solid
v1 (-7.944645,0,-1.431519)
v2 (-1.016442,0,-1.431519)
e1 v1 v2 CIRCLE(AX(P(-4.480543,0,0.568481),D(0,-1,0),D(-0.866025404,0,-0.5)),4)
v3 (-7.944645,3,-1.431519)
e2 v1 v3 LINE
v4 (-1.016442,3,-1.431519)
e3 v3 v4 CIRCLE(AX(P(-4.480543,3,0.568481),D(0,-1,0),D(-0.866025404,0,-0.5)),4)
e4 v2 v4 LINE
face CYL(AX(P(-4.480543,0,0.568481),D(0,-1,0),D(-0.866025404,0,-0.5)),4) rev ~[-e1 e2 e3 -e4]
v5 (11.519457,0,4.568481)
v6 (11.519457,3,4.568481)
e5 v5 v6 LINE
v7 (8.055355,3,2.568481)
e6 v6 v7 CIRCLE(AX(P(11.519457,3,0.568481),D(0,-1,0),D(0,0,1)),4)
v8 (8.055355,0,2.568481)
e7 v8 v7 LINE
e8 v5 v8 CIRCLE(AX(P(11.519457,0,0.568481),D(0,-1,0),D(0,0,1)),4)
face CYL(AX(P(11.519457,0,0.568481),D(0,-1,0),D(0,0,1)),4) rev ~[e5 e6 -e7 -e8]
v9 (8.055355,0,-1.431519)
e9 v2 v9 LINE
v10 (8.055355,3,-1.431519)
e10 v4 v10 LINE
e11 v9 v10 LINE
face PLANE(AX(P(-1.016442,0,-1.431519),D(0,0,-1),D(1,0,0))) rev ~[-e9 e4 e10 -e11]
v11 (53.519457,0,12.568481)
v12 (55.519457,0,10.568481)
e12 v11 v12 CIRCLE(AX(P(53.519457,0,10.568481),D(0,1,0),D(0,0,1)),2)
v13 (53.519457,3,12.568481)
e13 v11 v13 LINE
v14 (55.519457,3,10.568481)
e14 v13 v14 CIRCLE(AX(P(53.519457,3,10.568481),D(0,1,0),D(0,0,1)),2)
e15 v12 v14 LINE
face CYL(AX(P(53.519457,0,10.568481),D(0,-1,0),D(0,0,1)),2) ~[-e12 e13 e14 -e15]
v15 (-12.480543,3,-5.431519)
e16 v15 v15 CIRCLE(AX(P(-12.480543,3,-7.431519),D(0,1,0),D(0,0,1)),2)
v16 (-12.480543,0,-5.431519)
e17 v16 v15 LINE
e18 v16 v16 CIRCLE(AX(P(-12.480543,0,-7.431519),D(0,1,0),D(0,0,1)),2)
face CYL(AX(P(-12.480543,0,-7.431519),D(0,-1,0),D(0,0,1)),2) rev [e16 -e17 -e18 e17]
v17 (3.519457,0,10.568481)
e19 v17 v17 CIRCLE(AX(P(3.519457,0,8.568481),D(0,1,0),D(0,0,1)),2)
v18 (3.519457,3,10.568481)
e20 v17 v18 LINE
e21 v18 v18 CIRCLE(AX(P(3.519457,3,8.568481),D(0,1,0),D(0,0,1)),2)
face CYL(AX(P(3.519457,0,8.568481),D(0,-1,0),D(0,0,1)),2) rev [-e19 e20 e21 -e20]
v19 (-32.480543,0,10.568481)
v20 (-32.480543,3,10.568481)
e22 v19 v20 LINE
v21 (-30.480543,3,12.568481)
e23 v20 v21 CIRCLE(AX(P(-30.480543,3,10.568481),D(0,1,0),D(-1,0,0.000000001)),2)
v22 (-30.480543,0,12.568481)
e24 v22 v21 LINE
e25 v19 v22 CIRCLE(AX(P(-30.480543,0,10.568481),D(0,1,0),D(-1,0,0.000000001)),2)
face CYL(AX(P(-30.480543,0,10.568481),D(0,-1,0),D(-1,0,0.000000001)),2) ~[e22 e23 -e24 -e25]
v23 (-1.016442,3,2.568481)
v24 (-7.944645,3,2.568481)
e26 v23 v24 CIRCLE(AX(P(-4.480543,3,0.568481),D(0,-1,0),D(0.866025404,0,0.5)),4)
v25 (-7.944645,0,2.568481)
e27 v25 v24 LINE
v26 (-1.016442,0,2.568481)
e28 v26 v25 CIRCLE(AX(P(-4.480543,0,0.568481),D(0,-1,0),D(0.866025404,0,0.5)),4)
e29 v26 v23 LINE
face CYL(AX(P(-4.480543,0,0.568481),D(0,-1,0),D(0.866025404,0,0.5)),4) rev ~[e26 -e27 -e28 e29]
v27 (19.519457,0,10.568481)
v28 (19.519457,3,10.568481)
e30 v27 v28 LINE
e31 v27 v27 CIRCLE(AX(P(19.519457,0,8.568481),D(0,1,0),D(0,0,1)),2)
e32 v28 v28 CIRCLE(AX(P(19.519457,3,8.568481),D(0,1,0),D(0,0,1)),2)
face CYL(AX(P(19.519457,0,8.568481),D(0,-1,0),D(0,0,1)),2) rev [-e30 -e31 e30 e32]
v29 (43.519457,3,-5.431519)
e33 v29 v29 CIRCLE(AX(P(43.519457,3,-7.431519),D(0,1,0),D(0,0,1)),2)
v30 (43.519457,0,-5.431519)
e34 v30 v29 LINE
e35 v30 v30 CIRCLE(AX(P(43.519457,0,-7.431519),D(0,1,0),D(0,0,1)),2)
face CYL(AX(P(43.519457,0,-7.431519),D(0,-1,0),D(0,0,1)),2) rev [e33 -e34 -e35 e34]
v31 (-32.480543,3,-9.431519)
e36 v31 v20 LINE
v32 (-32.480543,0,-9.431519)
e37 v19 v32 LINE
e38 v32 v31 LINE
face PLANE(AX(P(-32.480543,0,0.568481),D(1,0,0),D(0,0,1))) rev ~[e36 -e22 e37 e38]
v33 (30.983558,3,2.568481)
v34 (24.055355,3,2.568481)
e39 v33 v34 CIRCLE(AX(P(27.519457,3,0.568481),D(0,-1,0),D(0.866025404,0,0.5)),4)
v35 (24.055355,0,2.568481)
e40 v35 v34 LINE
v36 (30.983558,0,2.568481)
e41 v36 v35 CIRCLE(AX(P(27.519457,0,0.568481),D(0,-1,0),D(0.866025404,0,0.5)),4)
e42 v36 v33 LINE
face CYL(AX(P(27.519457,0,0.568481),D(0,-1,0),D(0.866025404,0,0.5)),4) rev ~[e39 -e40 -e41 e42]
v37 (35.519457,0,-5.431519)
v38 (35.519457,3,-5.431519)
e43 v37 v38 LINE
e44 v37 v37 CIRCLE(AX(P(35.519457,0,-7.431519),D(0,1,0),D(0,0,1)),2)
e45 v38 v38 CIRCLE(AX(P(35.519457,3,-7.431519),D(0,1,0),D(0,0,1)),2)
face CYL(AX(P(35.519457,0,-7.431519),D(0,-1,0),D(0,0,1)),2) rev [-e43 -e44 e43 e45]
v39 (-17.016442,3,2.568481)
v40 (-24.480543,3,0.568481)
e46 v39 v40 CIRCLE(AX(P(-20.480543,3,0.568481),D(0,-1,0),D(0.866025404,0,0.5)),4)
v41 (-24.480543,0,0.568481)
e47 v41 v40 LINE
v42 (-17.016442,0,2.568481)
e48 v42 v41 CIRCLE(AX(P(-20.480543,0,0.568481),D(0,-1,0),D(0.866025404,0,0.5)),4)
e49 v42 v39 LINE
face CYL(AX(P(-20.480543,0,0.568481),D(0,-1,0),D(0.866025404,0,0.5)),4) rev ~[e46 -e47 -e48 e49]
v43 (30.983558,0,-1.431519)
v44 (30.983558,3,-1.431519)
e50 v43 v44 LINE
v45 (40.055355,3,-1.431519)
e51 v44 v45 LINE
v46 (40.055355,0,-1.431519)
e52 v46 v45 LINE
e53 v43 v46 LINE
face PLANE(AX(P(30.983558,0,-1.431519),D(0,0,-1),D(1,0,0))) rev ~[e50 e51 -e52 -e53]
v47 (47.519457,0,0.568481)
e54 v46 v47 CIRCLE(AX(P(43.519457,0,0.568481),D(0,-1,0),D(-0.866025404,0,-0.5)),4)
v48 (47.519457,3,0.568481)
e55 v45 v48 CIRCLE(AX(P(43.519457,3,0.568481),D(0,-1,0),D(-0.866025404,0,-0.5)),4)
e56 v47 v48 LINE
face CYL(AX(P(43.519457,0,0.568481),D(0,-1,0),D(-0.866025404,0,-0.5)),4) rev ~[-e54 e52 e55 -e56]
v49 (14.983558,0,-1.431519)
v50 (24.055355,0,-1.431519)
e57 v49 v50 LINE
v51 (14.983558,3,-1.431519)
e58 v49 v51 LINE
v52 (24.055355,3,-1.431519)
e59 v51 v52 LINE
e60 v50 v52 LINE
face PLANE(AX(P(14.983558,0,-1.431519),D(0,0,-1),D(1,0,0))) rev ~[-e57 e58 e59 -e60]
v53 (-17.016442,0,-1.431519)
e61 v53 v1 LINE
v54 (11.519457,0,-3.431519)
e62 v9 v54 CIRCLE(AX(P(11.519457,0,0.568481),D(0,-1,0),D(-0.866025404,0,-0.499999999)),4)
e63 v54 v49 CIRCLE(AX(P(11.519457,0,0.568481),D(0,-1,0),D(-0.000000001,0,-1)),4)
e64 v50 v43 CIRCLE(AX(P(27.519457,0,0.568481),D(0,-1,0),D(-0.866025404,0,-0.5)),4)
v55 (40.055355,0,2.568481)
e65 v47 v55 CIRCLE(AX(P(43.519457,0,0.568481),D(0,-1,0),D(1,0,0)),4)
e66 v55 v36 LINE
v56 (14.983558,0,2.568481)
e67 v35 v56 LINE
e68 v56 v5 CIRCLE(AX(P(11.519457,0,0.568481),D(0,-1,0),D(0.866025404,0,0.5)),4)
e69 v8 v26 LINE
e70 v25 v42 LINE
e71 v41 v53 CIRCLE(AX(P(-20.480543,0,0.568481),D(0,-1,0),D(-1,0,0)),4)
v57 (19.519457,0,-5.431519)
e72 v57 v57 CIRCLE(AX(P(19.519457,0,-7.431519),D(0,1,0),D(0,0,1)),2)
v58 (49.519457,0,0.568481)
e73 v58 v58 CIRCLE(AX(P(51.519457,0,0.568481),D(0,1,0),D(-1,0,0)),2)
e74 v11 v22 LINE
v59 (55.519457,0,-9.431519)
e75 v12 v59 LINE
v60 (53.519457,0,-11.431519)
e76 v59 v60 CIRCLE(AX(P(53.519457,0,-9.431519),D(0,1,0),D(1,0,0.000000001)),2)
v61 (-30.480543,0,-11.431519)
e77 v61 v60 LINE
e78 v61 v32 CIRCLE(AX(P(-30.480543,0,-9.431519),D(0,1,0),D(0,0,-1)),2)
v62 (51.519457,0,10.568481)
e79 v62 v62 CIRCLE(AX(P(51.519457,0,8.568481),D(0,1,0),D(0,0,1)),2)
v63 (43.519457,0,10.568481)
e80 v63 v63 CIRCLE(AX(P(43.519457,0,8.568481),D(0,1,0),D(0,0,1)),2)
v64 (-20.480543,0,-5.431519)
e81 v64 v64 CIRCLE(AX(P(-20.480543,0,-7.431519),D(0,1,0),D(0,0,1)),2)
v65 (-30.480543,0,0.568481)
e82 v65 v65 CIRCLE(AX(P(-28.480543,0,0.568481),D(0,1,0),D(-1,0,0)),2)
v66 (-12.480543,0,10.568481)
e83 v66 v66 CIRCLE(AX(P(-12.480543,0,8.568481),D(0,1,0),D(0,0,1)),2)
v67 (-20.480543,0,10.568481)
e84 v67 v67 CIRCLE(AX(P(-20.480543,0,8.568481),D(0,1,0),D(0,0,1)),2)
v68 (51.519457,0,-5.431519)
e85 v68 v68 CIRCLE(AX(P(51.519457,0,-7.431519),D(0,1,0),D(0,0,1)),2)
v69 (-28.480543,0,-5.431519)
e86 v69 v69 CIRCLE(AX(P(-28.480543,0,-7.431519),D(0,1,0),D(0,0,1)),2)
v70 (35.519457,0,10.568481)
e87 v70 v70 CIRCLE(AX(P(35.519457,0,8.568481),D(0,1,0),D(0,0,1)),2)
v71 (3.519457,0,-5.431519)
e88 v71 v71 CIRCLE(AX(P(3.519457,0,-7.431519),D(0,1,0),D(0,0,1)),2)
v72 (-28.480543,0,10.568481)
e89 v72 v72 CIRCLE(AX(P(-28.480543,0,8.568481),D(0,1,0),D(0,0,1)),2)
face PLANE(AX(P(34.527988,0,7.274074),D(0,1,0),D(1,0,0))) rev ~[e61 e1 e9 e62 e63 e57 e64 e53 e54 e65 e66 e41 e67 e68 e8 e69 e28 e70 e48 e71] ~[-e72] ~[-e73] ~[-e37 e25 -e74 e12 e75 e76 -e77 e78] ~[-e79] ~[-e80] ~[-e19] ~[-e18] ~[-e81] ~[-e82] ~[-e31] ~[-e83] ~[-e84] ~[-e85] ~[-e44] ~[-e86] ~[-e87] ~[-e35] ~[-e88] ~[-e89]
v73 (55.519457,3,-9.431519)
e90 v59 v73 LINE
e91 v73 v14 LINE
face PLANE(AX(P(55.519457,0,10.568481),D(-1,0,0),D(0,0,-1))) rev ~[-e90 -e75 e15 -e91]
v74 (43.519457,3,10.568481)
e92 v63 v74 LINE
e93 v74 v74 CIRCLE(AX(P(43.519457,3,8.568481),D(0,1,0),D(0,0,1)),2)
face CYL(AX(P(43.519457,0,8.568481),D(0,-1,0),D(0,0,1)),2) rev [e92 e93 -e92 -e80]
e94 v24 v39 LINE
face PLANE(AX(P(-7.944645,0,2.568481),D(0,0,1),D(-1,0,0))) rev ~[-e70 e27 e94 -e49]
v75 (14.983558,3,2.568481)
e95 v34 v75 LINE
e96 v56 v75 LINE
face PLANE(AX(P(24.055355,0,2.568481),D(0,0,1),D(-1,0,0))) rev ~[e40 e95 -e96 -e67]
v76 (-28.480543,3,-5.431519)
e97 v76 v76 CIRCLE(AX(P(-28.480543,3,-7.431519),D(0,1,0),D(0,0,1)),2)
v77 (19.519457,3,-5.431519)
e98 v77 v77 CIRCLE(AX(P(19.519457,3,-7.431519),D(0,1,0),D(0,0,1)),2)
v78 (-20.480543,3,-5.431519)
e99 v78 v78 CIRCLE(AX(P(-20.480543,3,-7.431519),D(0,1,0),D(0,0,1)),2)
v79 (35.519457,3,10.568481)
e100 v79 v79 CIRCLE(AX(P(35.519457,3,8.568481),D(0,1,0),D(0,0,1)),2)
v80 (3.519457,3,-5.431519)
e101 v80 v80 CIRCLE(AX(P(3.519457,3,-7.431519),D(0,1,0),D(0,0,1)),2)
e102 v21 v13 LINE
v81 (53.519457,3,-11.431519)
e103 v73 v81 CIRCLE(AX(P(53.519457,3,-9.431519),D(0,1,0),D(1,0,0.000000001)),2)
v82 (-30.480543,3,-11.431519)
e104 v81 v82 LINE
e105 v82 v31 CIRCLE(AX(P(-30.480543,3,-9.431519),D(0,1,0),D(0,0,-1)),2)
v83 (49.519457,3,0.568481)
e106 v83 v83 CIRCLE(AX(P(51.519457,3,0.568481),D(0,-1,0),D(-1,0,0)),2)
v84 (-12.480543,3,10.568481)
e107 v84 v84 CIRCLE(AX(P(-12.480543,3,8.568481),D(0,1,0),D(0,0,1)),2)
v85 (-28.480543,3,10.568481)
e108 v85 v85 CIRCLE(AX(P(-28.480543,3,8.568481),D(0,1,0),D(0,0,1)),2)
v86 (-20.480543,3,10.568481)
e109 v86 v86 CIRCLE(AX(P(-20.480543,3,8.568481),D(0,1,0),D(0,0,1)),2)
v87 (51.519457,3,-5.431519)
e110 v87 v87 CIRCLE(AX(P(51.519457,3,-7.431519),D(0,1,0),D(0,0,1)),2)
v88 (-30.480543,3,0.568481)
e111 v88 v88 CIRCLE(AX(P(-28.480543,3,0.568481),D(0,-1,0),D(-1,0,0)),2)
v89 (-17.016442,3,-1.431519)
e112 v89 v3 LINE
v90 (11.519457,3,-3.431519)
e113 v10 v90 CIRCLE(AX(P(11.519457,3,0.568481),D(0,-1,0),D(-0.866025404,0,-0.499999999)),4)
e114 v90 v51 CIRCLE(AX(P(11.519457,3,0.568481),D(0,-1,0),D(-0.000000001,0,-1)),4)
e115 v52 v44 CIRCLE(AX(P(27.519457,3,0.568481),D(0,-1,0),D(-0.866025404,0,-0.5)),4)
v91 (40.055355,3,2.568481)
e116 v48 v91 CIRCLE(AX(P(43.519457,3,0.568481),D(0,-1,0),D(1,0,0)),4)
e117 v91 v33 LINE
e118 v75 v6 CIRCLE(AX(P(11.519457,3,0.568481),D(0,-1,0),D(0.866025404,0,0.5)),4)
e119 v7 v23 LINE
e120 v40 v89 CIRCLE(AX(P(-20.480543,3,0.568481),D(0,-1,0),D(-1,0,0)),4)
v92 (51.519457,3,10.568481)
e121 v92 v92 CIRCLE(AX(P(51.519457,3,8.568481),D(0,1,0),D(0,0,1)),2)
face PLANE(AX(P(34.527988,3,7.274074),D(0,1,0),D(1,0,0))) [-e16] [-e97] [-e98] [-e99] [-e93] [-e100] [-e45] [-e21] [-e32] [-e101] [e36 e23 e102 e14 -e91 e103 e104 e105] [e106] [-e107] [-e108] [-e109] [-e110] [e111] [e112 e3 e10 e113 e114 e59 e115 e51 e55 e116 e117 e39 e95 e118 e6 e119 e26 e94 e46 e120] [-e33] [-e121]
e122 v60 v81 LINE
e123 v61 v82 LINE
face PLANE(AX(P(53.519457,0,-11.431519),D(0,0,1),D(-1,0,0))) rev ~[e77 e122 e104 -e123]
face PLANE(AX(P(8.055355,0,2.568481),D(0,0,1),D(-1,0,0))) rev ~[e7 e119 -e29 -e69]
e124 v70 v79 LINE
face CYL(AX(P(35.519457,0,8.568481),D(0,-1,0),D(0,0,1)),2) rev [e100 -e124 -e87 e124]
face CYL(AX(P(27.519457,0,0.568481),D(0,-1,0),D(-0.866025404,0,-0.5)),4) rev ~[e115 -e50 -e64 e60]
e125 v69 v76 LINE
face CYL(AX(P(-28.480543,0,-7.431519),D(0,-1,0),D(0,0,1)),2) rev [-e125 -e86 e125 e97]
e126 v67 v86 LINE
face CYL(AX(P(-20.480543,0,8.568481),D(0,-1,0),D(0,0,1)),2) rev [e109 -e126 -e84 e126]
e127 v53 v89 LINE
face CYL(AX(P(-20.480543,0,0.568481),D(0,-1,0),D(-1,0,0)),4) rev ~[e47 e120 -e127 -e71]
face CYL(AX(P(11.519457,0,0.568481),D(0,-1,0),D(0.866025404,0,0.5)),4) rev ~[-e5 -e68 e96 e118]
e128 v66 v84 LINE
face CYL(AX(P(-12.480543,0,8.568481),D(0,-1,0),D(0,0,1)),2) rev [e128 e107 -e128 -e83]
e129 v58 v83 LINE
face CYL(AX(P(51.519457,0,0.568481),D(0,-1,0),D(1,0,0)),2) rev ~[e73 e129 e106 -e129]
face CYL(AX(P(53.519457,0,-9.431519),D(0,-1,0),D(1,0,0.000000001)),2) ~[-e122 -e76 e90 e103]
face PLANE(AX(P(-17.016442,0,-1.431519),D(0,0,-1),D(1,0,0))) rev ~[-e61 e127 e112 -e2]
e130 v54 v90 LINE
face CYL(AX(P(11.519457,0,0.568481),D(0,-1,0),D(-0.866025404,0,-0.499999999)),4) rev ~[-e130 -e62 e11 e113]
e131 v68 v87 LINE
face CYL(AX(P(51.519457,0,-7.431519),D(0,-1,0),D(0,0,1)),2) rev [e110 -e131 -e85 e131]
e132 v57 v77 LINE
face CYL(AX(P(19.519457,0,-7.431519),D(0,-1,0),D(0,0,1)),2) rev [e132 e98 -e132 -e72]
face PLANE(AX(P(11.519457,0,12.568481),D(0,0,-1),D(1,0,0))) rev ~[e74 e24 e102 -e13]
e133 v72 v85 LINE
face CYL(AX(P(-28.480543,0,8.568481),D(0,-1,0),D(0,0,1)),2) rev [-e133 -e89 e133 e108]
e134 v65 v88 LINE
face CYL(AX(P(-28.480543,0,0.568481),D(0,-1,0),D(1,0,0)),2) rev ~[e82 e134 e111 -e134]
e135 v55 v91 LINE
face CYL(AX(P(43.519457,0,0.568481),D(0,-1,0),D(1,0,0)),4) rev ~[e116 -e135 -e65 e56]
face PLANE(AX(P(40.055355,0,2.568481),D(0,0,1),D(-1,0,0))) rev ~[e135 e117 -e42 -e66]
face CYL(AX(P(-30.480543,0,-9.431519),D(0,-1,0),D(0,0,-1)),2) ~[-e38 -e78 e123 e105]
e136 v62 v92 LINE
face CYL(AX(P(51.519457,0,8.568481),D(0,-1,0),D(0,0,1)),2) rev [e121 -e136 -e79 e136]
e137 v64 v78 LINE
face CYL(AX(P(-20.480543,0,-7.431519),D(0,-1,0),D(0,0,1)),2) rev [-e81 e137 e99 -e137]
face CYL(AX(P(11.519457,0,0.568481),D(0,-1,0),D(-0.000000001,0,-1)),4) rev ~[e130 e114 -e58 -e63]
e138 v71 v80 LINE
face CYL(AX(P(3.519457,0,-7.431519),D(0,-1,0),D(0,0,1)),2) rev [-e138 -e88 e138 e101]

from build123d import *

# Parameters (mm, degrees)
SKETCH1_R           = 2
BOSS_EXTRUDE1_DEPTH = 3


with BuildPart() as part:
    # Sketch1 → Boss-Extrude1 (new body)
    # profile 1 of 4: a face of its own
    with BuildSketch(Plane(origin=(0, 0, 0), x_dir=(1, 0, 0), z_dir=(0, 1, 0))):
        with BuildLine():
            Line((-30.480543451, -12.568481461), (11.519456549, -12.568481461))
            Line((11.519456549, -12.568481461), (11.519456549, -4.568481461))
            ThreePointArc((11.519456549, -4.568481461), (9.519456549, -4.032583076), (8.055354934, -2.568481461))
            Line((8.055354934, -2.568481461), (-1.016441836, -2.568481461))
            ThreePointArc((-1.016441836, -2.568481461), (-4.480543451, -4.568481461), (-7.944645066, -2.568481461))
            Line((-7.944645066, -2.568481461), (-17.016441836, -2.568481461))
            ThreePointArc((-17.016441836, -2.568481461), (-21.515819631, -4.432184766), (-24.480543451, -0.568481461))
            Line((-24.480543451, -0.568481461), (-26.480543451, -0.568481461))
            ThreePointArc((-26.480543451, -0.568481461), (-28.480543451, -2.568481461), (-30.480543451, -0.568481461))
            Line((-30.480543451, -0.568481461), (-32.480543451, -0.568481461))
            Line((-32.480543451, -0.568481461), (-32.480543451, -10.568481461))
            ThreePointArc((-32.480543451, -10.568481461), (-31.894757013, -11.982695023), (-30.480543451, -12.568481461))
        make_face()
        with Locations(Location((-28.480543451, -8.568481461, 0), (0, 0, 270))):
            Circle(SKETCH1_R, mode=Mode.SUBTRACT)
        with Locations(Location((-20.480543451, -8.568481461, 0), (0, 0, 270))):
            Circle(SKETCH1_R, mode=Mode.SUBTRACT)
        with Locations(Location((-12.480543451, -8.568481461, 0), (0, 0, 270))):
            Circle(SKETCH1_R, mode=Mode.SUBTRACT)
        with Locations(Location((3.519456549, -8.568481461, 0), (0, 0, 270))):
            Circle(SKETCH1_R, mode=Mode.SUBTRACT)
    # profile 2 of 4: a face of its own
    with BuildSketch(Plane(origin=(0, 0, 0), x_dir=(1, 0, 0), z_dir=(0, 1, 0))):
        with BuildLine():
            Line((11.519456549, 3.431518539), (11.519456549, 11.431518539))
            Line((11.519456549, 11.431518539), (-30.480543451, 11.431518539))
            ThreePointArc((-30.480543451, 11.431518539), (-31.894757013, 10.845732102), (-32.480543451, 9.431518539))
            Line((-32.480543451, 9.431518539), (-32.480543451, -0.568481461))
            Line((-32.480543451, -0.568481461), (-30.480543451, -0.568481461))
            ThreePointArc((-30.480543451, -0.568481461), (-28.480543451, 1.431518539), (-26.480543451, -0.568481461))
            Line((-26.480543451, -0.568481461), (-24.480543451, -0.568481461))
            ThreePointArc((-24.480543451, -0.568481461), (-21.515819631, 3.295221845), (-17.016441836, 1.431518539))
            Line((-17.016441836, 1.431518539), (-7.944645066, 1.431518539))
            ThreePointArc((-7.944645066, 1.431518539), (-4.480543451, 3.431518539), (-1.016441836, 1.431518539))
            Line((-1.016441836, 1.431518539), (8.055354934, 1.431518539))
            ThreePointArc((8.055354934, 1.431518539), (9.519456549, 2.895620155), (11.519456549, 3.431518539))
        make_face()
        with Locations(Location((-28.480543451, 7.431518539, 0), (0, 0, 270))):
            Circle(SKETCH1_R, mode=Mode.SUBTRACT)
        with Locations(Location((-20.480543451, 7.431518539, 0), (0, 0, 270))):
            Circle(SKETCH1_R, mode=Mode.SUBTRACT)
        with Locations(Location((-12.480543451, 7.431518539, 0), (0, 0, 270))):
            Circle(SKETCH1_R, mode=Mode.SUBTRACT)
        with Locations(Location((3.519456549, 7.431518539, 0), (0, 0, 270))):
            Circle(SKETCH1_R, mode=Mode.SUBTRACT)
    # profile 3 of 4: a face of its own
    with BuildSketch(Plane(origin=(0, 0, 0), x_dir=(1, 0, 0), z_dir=(0, 1, 0))):
        with BuildLine():
            ThreePointArc((49.519456549, -0.568481461), (51.519456549, 1.431518539), (53.519456549, -0.568481461))
            Line((53.519456549, -0.568481461), (55.519456549, -0.568481461))
            Line((55.519456549, -0.568481461), (55.519456549, 9.431518539))
            ThreePointArc((55.519456549, 9.431518539), (54.933670112, 10.845732102), (53.519456549, 11.431518539))
            Line((53.519456549, 11.431518539), (11.519456549, 11.431518539))
            Line((11.519456549, 11.431518539), (11.519456549, 3.431518539))
            ThreePointArc((11.519456549, 3.431518539), (13.519456549, 2.895620155), (14.983558164, 1.431518539))
            Line((14.983558164, 1.431518539), (24.055354934, 1.431518539))
            ThreePointArc((24.055354934, 1.431518539), (27.519456549, 3.431518539), (30.983558164, 1.431518539))
            Line((30.983558164, 1.431518539), (40.055354934, 1.431518539))
            ThreePointArc((40.055354934, 1.431518539), (44.55473273, 3.295221845), (47.519456549, -0.568481461))
            Line((47.519456549, -0.568481461), (49.519456549, -0.568481461))
        make_face()
        with Locations(Location((19.519456549, 7.431518539, 0), (0, 0, 270))):
            Circle(SKETCH1_R, mode=Mode.SUBTRACT)
        with Locations(Location((35.519456549, 7.431518539, 0), (0, 0, 270))):
            Circle(SKETCH1_R, mode=Mode.SUBTRACT)
        with Locations(Location((43.519456549, 7.431518539, 0), (0, 0, 270))):
            Circle(SKETCH1_R, mode=Mode.SUBTRACT)
        with Locations(Location((51.519456549, 7.431518539, 0), (0, 0, 270))):
            Circle(SKETCH1_R, mode=Mode.SUBTRACT)
    # profile 4 of 4: a face of its own
    with BuildSketch(Plane(origin=(0, 0, 0), x_dir=(1, 0, 0), z_dir=(0, 1, 0))):
        with BuildLine():
            Line((55.519456549, -0.568481461), (53.519456549, -0.568481461))
            ThreePointArc((53.519456549, -0.568481461), (51.519456549, -2.568481461), (49.519456549, -0.568481461))
            Line((49.519456549, -0.568481461), (47.519456549, -0.568481461))
            ThreePointArc((47.519456549, -0.568481461), (44.55473273, -4.432184766), (40.055354934, -2.568481461))
            Line((40.055354934, -2.568481461), (30.983558164, -2.568481461))
            ThreePointArc((30.983558164, -2.568481461), (27.519456549, -4.568481461), (24.055354934, -2.568481461))
            Line((24.055354934, -2.568481461), (14.983558164, -2.568481461))
            ThreePointArc((14.983558164, -2.568481461), (13.519456549, -4.032583076), (11.519456549, -4.568481461))
            Line((11.519456549, -4.568481461), (11.519456549, -12.568481461))
            Line((11.519456549, -12.568481461), (53.519456549, -12.568481461))
            ThreePointArc((53.519456549, -12.568481461), (54.933670112, -11.982695023), (55.519456549, -10.568481461))
            Line((55.519456549, -10.568481461), (55.519456549, -0.568481461))
        make_face()
        with Locations(Location((19.519456549, -8.568481461, 0), (0, 0, 270))):
            Circle(SKETCH1_R, mode=Mode.SUBTRACT)
        with Locations(Location((35.519456549, -8.568481461, 0), (0, 0, 270))):
            Circle(SKETCH1_R, mode=Mode.SUBTRACT)
        with Locations(Location((43.519456549, -8.568481461, 0), (0, 0, 270))):
            Circle(SKETCH1_R, mode=Mode.SUBTRACT)
        with Locations(Location((51.519456549, -8.568481461, 0), (0, 0, 270))):
            Circle(SKETCH1_R, mode=Mode.SUBTRACT)
    extrude(amount=BOSS_EXTRUDE1_DEPTH)


solid = part.part
